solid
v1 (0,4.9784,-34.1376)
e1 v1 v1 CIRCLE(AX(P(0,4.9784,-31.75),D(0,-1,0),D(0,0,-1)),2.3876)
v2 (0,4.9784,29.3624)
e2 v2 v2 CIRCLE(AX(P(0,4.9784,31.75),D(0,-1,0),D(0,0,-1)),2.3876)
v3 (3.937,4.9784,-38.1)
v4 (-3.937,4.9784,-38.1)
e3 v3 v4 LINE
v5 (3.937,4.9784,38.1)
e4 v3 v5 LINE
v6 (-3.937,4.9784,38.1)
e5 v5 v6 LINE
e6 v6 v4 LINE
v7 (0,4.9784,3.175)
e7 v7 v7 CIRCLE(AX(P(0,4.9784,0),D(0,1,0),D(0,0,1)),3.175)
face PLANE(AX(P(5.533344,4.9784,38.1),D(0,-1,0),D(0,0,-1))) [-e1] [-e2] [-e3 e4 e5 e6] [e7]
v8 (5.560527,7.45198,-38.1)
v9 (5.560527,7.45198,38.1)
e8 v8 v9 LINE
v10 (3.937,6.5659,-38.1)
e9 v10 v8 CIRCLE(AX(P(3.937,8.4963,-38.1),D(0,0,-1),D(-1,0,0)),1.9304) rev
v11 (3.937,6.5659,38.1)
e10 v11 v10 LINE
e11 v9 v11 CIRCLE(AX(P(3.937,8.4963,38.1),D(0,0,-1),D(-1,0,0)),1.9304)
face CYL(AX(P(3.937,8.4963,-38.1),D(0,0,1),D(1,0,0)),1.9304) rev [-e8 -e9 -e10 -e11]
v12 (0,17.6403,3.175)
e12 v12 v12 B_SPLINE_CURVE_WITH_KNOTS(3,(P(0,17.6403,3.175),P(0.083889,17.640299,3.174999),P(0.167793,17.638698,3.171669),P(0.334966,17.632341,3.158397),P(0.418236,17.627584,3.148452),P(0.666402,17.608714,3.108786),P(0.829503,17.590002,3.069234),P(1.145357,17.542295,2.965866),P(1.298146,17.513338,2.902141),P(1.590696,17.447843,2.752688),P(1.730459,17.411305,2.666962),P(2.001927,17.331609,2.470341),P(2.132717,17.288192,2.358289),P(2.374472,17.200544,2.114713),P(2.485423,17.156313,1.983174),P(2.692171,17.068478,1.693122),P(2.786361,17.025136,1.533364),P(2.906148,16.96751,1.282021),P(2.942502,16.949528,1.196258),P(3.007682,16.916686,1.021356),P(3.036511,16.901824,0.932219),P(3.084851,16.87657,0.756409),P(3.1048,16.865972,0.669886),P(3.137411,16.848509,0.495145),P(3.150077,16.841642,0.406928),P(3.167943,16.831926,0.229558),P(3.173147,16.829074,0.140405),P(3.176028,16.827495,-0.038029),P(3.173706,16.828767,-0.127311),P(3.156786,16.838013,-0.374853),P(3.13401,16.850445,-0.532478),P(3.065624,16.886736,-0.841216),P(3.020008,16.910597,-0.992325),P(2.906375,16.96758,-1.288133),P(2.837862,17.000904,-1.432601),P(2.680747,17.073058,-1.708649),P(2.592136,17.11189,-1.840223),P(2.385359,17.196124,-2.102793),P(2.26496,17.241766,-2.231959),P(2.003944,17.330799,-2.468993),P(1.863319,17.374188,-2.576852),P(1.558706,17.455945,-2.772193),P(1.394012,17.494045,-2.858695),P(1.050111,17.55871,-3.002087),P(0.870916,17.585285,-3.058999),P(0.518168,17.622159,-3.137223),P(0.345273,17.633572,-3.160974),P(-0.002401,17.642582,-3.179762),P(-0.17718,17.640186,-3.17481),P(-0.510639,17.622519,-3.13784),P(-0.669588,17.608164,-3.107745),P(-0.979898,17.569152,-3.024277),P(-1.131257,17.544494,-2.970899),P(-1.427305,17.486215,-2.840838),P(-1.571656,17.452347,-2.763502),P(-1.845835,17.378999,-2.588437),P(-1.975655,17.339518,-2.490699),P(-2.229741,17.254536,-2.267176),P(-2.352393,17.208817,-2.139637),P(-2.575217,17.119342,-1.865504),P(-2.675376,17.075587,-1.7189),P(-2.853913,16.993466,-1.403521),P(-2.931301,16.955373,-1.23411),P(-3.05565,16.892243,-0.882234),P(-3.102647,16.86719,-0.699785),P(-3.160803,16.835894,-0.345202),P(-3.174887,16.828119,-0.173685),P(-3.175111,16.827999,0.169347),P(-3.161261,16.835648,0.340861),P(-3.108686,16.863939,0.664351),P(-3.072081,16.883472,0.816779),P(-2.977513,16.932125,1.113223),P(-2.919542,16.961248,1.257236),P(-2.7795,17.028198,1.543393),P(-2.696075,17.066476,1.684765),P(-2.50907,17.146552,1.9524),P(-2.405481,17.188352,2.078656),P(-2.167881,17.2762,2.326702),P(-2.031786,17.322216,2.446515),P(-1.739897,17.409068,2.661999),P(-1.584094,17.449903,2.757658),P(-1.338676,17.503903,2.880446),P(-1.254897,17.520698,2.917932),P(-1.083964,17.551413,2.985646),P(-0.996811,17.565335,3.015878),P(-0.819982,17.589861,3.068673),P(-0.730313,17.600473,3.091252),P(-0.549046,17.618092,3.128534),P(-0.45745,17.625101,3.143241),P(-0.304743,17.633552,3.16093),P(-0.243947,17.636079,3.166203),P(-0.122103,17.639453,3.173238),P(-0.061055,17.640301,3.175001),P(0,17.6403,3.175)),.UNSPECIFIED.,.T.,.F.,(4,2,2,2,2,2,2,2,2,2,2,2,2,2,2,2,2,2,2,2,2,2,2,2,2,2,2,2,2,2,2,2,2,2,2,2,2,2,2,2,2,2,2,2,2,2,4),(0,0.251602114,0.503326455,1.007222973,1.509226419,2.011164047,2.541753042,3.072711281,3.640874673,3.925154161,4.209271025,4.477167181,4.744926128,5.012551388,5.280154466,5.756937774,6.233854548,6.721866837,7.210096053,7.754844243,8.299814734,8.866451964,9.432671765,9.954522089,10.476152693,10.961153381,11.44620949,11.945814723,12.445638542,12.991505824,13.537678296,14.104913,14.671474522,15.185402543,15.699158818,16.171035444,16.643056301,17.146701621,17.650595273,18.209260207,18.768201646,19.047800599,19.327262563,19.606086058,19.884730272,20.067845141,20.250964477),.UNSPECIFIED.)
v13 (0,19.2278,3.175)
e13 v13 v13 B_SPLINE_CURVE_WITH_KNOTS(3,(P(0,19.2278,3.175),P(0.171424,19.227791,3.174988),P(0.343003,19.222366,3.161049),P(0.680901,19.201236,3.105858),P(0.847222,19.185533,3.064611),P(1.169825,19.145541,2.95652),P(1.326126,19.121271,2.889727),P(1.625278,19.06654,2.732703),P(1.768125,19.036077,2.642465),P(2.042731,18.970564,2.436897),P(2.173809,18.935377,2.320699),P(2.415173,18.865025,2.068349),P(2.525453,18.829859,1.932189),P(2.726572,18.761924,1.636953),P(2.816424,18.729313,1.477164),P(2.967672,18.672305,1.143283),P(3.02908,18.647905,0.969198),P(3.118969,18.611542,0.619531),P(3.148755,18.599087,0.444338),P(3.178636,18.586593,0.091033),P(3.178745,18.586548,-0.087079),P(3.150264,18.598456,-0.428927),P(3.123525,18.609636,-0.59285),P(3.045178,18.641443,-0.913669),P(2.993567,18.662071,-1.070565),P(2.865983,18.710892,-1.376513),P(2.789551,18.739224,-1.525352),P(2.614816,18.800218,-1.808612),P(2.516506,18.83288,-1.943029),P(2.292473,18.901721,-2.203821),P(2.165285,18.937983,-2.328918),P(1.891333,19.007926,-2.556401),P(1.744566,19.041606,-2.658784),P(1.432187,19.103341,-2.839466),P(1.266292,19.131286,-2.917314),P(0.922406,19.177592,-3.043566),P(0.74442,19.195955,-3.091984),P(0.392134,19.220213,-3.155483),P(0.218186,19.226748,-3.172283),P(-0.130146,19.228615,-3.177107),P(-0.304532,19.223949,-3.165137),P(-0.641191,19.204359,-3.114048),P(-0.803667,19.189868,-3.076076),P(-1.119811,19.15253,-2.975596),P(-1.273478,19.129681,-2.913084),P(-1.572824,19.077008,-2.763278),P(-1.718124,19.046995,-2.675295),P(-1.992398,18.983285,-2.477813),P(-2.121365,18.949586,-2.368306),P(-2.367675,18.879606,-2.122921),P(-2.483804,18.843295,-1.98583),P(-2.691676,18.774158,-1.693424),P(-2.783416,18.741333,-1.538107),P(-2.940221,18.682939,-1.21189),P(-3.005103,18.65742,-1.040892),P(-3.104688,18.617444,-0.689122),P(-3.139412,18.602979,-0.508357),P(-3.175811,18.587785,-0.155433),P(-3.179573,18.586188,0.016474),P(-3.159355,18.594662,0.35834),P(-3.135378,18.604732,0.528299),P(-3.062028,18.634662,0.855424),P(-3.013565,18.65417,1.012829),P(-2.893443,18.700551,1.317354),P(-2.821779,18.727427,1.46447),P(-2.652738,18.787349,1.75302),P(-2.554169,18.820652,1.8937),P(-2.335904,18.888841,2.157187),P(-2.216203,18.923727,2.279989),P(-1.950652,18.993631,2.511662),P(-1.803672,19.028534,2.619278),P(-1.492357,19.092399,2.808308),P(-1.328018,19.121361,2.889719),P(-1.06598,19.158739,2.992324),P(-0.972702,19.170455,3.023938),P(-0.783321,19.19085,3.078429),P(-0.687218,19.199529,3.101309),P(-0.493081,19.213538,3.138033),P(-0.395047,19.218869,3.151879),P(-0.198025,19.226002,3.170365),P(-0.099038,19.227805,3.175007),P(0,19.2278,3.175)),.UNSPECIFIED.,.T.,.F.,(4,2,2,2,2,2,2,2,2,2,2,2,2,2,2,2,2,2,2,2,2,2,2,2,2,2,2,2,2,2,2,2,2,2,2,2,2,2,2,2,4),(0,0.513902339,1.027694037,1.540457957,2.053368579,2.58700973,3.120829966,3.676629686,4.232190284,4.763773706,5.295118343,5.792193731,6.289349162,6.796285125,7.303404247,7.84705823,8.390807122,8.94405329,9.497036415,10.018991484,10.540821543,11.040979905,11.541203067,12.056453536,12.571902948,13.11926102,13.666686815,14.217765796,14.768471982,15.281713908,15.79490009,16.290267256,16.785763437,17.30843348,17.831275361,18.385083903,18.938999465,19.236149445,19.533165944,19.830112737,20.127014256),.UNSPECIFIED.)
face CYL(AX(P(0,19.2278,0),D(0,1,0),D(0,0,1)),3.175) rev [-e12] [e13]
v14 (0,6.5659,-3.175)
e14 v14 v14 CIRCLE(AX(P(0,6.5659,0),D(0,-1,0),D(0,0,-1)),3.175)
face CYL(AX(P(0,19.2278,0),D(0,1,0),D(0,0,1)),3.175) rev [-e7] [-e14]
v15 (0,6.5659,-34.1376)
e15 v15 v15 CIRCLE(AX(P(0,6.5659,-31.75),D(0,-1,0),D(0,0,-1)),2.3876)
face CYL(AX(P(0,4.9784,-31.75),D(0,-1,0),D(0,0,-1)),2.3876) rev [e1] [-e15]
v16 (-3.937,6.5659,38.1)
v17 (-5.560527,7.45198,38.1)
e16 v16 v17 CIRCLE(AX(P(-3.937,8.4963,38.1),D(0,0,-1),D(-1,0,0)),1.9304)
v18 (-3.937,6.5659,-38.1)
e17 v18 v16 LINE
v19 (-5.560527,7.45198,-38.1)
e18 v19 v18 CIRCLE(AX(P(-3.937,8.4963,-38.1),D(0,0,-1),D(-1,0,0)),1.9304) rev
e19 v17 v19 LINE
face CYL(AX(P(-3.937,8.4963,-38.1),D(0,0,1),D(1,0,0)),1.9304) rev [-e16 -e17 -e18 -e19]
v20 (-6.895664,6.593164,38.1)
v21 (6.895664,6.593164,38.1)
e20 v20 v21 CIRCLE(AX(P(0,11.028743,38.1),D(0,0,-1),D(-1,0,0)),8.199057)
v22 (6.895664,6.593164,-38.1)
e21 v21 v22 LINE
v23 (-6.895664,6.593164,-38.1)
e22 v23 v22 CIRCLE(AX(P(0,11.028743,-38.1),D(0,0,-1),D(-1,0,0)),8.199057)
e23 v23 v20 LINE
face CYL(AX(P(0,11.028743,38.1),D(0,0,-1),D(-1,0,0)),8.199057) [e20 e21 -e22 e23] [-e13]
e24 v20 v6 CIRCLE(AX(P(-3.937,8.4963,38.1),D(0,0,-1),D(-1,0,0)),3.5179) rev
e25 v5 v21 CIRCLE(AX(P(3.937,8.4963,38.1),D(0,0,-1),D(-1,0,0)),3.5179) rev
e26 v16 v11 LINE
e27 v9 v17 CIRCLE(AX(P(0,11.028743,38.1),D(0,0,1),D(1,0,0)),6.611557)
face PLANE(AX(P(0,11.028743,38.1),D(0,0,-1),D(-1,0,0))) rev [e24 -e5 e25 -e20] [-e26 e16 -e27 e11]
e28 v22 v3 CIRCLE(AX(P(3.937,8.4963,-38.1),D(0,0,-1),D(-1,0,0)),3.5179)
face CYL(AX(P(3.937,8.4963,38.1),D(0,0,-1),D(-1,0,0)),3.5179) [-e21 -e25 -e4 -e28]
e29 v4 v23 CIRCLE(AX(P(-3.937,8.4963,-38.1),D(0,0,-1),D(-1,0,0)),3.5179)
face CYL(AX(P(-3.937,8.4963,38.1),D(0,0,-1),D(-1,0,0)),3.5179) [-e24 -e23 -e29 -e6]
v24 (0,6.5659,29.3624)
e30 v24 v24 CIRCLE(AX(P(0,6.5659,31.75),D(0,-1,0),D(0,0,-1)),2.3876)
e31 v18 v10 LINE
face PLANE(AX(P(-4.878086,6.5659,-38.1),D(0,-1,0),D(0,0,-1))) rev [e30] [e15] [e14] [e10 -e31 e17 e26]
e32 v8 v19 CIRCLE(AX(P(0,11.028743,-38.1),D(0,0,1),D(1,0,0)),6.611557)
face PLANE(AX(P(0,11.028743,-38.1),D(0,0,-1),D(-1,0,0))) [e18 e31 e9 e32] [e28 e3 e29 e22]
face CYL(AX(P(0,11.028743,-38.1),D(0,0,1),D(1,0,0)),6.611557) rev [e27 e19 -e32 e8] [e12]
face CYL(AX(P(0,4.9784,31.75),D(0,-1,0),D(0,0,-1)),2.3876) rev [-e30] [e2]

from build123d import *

# Parameters (mm, degrees)
BOSS_EXTRUDE1_DEPTH      = 76.2
CUT_EXTRUDE1_DEPTH       = 77.2
M4_CLEARANCE_HOLE1_D     = 4.7752
M4_CLEARANCE_HOLE1_DEPTH = 1.5875
HOLE1_D                  = 6.35
HOLE1_DEPTH              = 14.2494
FILLET1_R                = 1.9304
FILLET2_R                = 3.5179


with BuildPart() as part:
    # Sketch1 → Boss-Extrude1 (new body)
    with BuildSketch(Plane(origin=(0, 0, -38.1), x_dir=(-1, 0, 0), z_dir=(0, 0, -1))):
        with BuildLine():
            Line((-5.533344062, 4.9784), (5.533344062, 4.9784))
            ThreePointArc((5.533344062, 4.9784), (0, 19.2278), (-5.533344062, 4.9784))
        make_face()
    extrude(amount=-BOSS_EXTRUDE1_DEPTH)

    # Sketch2 → Cut-Extrude1 (cut, through all)
    with BuildSketch(Plane.XY.offset(38.1)):
        with BuildLine():
            Line((-4.878086413, 6.5659), (4.878086413, 6.5659))
            ThreePointArc((4.878086413, 6.5659), (0, 17.6403), (-4.878086413, 6.5659))
        make_face()
    extrude(amount=-CUT_EXTRUDE1_DEPTH, mode=Mode.SUBTRACT)

    # M4 Clearance Hole1
    with Locations(Plane(origin=(0, 4.9784, 0), x_dir=(-1, 0, 0), z_dir=(0, -1, 0))):
        with Locations((0, 0), (0, 31.75), (0, -31.75)):
            Hole(M4_CLEARANCE_HOLE1_D / 2, depth=M4_CLEARANCE_HOLE1_DEPTH)

    # Hole1
    with Locations(Plane(origin=(0, 19.2278, 0), x_dir=(1, 0, 0), z_dir=(0, 1, 0))):
        with Locations((0, 0)):
            Hole(HOLE1_D / 2, depth=HOLE1_DEPTH)

    # Fillet1
    fillet1_edges = [part.edges().sort_by_distance(p)[0] for p in [
        (-4.878086413, 6.5659, 0),
        (4.878086413, 6.5659, 0),
    ]]
    fillet(fillet1_edges, radius=FILLET1_R)

    # Fillet2
    fillet2_edges = [part.edges().sort_by_distance(p)[0] for p in [
        (-5.533344062, 4.9784, 0),
        (5.533344062, 4.9784, 0),
    ]]
    fillet(fillet2_edges, radius=FILLET2_R)


solid = part.part
